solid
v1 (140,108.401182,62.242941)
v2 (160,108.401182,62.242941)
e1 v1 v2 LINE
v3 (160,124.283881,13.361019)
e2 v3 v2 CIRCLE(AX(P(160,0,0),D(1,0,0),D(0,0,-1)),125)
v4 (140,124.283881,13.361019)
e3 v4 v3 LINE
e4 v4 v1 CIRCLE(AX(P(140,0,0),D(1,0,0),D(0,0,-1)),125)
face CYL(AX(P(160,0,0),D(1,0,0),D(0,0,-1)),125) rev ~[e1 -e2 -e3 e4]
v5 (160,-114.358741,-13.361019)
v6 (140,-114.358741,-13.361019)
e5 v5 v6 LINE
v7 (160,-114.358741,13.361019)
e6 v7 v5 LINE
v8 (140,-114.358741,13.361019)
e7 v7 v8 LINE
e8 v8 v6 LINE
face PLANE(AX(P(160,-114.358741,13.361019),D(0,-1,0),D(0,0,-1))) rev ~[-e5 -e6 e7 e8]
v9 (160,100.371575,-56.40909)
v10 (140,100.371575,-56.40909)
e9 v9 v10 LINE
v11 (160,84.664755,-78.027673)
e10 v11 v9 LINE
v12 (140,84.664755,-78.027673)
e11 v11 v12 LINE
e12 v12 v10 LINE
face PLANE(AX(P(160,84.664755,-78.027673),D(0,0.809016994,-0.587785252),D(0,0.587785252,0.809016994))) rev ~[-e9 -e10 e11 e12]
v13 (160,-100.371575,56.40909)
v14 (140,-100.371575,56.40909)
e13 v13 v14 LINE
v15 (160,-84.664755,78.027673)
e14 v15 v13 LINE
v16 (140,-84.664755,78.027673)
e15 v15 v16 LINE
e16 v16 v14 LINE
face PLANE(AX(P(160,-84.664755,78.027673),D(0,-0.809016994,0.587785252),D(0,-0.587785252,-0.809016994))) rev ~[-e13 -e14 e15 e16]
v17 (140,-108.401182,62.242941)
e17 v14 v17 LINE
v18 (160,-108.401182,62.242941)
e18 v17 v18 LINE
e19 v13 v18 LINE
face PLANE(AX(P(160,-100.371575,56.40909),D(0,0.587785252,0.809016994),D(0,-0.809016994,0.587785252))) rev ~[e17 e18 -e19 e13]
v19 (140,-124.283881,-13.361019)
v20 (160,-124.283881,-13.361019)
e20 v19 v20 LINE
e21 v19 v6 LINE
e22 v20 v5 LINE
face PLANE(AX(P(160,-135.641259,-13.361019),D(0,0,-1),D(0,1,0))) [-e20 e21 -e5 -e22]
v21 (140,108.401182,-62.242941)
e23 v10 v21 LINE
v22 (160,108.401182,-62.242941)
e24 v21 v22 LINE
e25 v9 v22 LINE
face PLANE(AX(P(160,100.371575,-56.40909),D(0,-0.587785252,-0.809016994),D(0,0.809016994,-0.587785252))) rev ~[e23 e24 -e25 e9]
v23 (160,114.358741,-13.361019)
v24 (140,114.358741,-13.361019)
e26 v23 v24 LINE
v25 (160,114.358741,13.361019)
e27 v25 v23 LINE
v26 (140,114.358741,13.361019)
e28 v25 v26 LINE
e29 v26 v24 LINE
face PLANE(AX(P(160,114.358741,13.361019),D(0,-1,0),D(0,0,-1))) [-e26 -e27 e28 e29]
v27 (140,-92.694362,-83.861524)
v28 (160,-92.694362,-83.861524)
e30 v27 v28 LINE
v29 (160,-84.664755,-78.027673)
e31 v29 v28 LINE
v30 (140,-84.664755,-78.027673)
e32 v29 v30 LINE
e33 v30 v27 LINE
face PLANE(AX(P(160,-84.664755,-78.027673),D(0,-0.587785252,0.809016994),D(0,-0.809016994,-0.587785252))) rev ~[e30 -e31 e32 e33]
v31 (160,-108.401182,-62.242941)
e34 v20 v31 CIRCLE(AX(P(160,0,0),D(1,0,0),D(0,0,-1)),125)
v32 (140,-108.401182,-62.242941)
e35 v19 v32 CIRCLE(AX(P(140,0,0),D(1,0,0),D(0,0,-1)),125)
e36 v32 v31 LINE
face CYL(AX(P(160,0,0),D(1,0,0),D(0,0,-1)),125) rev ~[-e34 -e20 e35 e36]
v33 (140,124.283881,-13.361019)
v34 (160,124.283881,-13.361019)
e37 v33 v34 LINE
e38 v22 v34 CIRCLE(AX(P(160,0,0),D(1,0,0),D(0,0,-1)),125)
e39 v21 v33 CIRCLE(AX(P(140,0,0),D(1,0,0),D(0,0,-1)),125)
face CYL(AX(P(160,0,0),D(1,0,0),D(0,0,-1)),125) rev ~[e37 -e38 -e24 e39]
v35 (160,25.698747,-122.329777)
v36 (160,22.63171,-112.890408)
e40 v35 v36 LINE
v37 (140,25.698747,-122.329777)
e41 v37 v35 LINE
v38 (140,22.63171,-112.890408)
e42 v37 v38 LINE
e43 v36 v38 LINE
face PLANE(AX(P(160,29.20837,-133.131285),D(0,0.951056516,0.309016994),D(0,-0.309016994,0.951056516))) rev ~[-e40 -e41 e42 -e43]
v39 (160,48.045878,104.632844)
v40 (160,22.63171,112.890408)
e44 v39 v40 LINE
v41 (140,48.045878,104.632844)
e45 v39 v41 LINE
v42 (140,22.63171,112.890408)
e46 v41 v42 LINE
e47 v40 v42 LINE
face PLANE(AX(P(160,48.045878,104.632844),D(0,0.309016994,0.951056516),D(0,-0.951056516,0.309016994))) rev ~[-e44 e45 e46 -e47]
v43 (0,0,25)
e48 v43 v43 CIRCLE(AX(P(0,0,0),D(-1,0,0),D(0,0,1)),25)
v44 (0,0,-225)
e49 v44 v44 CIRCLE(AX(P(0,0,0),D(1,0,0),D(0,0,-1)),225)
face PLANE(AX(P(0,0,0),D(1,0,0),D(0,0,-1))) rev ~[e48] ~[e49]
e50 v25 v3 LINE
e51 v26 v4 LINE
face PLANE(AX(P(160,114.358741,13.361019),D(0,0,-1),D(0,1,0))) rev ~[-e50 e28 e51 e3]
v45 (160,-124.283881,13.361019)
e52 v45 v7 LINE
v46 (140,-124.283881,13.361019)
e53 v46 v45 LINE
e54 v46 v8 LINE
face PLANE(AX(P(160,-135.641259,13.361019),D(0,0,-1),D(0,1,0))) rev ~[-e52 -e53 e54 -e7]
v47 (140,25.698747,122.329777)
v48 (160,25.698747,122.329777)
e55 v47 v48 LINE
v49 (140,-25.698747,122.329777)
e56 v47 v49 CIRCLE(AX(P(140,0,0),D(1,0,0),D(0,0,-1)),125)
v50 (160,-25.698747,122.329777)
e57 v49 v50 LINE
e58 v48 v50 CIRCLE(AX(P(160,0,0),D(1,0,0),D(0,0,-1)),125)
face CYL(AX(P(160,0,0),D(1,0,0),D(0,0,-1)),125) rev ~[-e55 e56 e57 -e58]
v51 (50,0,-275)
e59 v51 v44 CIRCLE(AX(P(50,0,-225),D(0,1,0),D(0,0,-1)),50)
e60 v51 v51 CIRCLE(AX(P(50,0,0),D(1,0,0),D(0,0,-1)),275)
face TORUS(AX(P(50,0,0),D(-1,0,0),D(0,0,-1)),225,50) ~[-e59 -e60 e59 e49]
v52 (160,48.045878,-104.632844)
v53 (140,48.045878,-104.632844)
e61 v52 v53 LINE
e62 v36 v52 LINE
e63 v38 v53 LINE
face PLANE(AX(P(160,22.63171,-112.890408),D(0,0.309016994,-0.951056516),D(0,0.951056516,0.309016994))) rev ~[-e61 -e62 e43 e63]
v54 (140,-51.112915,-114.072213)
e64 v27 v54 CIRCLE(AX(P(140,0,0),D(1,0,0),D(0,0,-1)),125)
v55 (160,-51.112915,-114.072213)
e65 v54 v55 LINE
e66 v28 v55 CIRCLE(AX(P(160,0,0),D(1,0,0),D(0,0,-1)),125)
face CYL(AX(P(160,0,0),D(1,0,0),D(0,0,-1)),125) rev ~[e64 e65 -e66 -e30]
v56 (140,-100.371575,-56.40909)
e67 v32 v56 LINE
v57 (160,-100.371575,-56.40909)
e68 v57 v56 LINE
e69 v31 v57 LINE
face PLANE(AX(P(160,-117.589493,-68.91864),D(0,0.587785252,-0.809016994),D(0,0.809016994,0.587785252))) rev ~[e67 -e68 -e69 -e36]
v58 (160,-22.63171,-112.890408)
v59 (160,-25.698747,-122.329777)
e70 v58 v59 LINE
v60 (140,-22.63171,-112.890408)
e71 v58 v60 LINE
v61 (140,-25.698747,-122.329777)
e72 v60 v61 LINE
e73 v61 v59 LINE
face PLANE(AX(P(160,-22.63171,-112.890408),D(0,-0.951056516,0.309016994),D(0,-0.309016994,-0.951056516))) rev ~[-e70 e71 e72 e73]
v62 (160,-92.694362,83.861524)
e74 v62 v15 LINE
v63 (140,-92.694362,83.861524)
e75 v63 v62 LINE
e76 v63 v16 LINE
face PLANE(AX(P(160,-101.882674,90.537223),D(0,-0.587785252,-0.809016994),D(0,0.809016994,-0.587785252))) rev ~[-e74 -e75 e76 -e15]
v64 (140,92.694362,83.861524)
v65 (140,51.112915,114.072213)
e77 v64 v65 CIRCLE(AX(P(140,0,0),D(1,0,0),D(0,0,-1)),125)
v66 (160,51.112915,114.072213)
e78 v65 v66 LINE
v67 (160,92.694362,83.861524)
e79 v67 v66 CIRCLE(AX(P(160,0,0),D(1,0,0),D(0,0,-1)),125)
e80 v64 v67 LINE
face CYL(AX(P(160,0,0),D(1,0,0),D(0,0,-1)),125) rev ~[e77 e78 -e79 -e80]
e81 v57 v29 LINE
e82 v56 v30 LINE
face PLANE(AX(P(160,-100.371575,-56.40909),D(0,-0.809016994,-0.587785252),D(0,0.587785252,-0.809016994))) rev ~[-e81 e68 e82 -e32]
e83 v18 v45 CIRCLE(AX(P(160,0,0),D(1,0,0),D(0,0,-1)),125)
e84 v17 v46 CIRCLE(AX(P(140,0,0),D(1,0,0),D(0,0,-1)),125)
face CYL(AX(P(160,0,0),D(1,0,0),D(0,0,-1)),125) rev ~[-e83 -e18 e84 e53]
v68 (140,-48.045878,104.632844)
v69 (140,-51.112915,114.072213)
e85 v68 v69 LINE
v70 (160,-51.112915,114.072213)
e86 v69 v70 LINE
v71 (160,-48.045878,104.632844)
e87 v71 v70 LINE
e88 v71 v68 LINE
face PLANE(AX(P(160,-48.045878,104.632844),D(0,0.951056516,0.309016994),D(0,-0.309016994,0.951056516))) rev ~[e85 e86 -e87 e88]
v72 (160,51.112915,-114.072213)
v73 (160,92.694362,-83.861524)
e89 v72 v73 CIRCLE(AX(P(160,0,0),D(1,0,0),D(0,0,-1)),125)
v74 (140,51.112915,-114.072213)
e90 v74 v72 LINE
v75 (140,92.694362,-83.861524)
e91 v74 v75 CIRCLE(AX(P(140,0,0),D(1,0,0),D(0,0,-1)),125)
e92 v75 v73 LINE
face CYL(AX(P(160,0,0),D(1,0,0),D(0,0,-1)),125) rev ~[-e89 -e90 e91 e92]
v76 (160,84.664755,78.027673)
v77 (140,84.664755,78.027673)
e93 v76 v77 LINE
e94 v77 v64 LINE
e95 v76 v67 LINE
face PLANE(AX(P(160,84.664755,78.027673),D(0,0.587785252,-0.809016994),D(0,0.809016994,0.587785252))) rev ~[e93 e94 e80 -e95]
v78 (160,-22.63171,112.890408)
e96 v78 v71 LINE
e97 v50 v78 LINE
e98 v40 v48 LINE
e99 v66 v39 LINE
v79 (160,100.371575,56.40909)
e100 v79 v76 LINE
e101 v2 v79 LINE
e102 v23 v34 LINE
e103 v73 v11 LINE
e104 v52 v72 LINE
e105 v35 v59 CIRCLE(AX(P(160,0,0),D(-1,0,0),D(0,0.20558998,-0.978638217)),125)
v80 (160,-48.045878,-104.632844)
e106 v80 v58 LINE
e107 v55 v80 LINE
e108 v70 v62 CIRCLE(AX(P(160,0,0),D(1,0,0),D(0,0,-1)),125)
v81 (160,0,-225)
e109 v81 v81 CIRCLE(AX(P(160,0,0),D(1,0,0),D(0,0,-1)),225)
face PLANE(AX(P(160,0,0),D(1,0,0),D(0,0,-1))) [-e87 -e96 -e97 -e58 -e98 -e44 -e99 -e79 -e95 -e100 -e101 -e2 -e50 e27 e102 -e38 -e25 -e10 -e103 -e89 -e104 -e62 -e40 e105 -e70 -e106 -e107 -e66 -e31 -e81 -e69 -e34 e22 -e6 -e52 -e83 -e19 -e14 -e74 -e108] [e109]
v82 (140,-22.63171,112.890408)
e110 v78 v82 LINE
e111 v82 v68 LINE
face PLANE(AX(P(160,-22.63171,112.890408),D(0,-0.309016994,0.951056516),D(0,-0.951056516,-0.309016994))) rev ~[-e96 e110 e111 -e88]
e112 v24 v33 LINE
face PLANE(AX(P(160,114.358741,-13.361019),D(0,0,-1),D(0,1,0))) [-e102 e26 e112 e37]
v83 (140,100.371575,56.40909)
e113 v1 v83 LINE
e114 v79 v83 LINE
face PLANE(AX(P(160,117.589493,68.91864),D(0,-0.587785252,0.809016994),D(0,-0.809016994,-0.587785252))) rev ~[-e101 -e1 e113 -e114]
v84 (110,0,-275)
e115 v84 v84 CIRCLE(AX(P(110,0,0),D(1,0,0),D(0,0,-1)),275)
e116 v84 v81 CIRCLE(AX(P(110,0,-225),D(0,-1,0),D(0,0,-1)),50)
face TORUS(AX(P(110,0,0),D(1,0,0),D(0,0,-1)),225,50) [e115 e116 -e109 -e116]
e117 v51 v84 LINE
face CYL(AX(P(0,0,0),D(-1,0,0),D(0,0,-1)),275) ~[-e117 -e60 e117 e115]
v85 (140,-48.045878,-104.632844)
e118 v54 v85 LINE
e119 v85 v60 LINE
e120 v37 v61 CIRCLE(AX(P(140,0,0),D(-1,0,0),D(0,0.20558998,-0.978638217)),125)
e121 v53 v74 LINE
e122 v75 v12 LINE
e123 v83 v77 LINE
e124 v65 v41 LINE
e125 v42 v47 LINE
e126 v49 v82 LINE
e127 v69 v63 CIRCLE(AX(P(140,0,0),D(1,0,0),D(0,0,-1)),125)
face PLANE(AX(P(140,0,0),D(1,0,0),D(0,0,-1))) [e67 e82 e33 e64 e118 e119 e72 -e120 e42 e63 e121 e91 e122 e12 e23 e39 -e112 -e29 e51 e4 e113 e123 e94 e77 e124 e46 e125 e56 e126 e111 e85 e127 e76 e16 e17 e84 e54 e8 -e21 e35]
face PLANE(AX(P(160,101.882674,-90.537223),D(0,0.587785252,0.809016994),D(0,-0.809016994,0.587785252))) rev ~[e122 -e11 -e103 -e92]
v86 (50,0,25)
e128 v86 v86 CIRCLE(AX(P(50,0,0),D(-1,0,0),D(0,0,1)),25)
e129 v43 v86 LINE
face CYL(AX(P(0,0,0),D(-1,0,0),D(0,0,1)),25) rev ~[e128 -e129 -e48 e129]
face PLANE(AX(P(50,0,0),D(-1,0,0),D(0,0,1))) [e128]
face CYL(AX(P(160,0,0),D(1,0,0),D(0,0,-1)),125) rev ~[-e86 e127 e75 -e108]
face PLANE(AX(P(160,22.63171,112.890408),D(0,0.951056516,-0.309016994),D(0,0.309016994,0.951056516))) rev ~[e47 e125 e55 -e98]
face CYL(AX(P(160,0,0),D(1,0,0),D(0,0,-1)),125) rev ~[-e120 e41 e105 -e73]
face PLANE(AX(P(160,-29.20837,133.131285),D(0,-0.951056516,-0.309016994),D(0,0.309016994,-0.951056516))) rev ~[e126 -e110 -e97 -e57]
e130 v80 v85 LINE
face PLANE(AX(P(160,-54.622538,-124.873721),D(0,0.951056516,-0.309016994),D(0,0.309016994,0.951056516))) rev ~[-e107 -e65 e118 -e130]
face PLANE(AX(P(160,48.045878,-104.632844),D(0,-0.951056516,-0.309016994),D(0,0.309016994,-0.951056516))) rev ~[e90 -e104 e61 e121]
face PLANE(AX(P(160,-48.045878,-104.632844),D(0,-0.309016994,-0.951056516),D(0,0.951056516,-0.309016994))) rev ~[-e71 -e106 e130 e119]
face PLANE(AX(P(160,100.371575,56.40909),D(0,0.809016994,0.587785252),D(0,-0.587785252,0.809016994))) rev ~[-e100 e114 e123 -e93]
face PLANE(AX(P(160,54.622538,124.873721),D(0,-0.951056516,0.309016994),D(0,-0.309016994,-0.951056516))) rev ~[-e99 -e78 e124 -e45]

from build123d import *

# Parameters (mm, degrees)
SKETCH1_R           = 275
BOSS_EXTRUDE1_DEPTH = 160
FILLET1_R           = 50
SKETCH2_R           = 25
CUT_EXTRUDE1_DEPTH  = 50
SKETCH3_R           = 125
CUT_EXTRUDE2_DEPTH  = 20
SKETCH4_W           = 26.72203761
SKETCH4_H           = 21.282518002
BOSS_EXTRUDE2_DEPTH = 77


with BuildPart() as part:
    # Sketch1 → Boss-Extrude1 (new body)
    with BuildSketch(Plane(origin=(0, 0, 0), x_dir=(0, 0, -1), z_dir=(1, 0, 0))):
        Circle(SKETCH1_R)
    extrude(amount=BOSS_EXTRUDE1_DEPTH)

    # Fillet1
    fillet1_edges = [part.edges().sort_by_distance(p)[0] for p in [
        (0, 0, 275),
        (160, 0, 275),
    ]]
    fillet(fillet1_edges, radius=FILLET1_R)

    # Sketch2 → Cut-Extrude1 (cut)
    with BuildSketch(Plane.ZY):
        Circle(SKETCH2_R)
    extrude(amount=-CUT_EXTRUDE1_DEPTH, mode=Mode.SUBTRACT)

    # Sketch3 → Cut-Extrude2 (cut)
    with BuildSketch(Plane(origin=(160, 0, 0), x_dir=(0, 0, -1), z_dir=(1, 0, 0))):
        Circle(SKETCH3_R)
    extrude(amount=-CUT_EXTRUDE2_DEPTH, mode=Mode.SUBTRACT)

    # Sketch4 → Boss-Extrude2 (add)
    with BuildSketch(Plane(origin=(160, 0, 0), x_dir=(0, 0, -1), z_dir=(1, 0, 0))):
        with Locations((0, -125)):
            Rectangle(SKETCH4_W, SKETCH4_H)
        Polygon((-56.409090154, -100.371574733), (-68.918640367, -117.58949348), (-90.537222919, -101.882673861), (-78.027672706, -84.664755114), align=None)
        Polygon((-104.632843949, -48.045878423), (-124.873721378, -54.622538169), (-133.131285124, -29.208370171), (-112.890407695, -22.631710425), align=None)
        Polygon((-112.890407695, 22.631710425), (-133.131285124, 29.208370171), (-124.873721378, 54.622538169), (-104.632843949, 48.045878423), align=None)
        Polygon((-78.027672706, 84.664755114), (-90.537222919, 101.882673861), (-68.918640367, 117.58949348), (-56.409090154, 100.371574733), align=None)
        with Locations((0, 125)):
            Rectangle(SKETCH4_W, SKETCH4_H)
        Polygon((56.409090154, 100.371574733), (68.918640368, 117.58949348), (90.537222919, 101.882673861), (78.027672706, 84.664755114), align=None)
        Polygon((104.632843949, 48.045878423), (124.873721378, 54.622538169), (133.131285124, 29.208370171), (112.890407695, 22.631710425), align=None)
        Polygon((112.890407695, -22.631710425), (133.131285124, -29.208370171), (124.873721378, -54.622538169), (104.632843949, -48.045878423), align=None)
        Polygon((78.027672706, -84.664755114), (90.537222919, -101.882673861), (68.918640367, -117.58949348), (56.409090154, -100.371574733), align=None)
    extrude(amount=-BOSS_EXTRUDE2_DEPTH)


solid = part.part
